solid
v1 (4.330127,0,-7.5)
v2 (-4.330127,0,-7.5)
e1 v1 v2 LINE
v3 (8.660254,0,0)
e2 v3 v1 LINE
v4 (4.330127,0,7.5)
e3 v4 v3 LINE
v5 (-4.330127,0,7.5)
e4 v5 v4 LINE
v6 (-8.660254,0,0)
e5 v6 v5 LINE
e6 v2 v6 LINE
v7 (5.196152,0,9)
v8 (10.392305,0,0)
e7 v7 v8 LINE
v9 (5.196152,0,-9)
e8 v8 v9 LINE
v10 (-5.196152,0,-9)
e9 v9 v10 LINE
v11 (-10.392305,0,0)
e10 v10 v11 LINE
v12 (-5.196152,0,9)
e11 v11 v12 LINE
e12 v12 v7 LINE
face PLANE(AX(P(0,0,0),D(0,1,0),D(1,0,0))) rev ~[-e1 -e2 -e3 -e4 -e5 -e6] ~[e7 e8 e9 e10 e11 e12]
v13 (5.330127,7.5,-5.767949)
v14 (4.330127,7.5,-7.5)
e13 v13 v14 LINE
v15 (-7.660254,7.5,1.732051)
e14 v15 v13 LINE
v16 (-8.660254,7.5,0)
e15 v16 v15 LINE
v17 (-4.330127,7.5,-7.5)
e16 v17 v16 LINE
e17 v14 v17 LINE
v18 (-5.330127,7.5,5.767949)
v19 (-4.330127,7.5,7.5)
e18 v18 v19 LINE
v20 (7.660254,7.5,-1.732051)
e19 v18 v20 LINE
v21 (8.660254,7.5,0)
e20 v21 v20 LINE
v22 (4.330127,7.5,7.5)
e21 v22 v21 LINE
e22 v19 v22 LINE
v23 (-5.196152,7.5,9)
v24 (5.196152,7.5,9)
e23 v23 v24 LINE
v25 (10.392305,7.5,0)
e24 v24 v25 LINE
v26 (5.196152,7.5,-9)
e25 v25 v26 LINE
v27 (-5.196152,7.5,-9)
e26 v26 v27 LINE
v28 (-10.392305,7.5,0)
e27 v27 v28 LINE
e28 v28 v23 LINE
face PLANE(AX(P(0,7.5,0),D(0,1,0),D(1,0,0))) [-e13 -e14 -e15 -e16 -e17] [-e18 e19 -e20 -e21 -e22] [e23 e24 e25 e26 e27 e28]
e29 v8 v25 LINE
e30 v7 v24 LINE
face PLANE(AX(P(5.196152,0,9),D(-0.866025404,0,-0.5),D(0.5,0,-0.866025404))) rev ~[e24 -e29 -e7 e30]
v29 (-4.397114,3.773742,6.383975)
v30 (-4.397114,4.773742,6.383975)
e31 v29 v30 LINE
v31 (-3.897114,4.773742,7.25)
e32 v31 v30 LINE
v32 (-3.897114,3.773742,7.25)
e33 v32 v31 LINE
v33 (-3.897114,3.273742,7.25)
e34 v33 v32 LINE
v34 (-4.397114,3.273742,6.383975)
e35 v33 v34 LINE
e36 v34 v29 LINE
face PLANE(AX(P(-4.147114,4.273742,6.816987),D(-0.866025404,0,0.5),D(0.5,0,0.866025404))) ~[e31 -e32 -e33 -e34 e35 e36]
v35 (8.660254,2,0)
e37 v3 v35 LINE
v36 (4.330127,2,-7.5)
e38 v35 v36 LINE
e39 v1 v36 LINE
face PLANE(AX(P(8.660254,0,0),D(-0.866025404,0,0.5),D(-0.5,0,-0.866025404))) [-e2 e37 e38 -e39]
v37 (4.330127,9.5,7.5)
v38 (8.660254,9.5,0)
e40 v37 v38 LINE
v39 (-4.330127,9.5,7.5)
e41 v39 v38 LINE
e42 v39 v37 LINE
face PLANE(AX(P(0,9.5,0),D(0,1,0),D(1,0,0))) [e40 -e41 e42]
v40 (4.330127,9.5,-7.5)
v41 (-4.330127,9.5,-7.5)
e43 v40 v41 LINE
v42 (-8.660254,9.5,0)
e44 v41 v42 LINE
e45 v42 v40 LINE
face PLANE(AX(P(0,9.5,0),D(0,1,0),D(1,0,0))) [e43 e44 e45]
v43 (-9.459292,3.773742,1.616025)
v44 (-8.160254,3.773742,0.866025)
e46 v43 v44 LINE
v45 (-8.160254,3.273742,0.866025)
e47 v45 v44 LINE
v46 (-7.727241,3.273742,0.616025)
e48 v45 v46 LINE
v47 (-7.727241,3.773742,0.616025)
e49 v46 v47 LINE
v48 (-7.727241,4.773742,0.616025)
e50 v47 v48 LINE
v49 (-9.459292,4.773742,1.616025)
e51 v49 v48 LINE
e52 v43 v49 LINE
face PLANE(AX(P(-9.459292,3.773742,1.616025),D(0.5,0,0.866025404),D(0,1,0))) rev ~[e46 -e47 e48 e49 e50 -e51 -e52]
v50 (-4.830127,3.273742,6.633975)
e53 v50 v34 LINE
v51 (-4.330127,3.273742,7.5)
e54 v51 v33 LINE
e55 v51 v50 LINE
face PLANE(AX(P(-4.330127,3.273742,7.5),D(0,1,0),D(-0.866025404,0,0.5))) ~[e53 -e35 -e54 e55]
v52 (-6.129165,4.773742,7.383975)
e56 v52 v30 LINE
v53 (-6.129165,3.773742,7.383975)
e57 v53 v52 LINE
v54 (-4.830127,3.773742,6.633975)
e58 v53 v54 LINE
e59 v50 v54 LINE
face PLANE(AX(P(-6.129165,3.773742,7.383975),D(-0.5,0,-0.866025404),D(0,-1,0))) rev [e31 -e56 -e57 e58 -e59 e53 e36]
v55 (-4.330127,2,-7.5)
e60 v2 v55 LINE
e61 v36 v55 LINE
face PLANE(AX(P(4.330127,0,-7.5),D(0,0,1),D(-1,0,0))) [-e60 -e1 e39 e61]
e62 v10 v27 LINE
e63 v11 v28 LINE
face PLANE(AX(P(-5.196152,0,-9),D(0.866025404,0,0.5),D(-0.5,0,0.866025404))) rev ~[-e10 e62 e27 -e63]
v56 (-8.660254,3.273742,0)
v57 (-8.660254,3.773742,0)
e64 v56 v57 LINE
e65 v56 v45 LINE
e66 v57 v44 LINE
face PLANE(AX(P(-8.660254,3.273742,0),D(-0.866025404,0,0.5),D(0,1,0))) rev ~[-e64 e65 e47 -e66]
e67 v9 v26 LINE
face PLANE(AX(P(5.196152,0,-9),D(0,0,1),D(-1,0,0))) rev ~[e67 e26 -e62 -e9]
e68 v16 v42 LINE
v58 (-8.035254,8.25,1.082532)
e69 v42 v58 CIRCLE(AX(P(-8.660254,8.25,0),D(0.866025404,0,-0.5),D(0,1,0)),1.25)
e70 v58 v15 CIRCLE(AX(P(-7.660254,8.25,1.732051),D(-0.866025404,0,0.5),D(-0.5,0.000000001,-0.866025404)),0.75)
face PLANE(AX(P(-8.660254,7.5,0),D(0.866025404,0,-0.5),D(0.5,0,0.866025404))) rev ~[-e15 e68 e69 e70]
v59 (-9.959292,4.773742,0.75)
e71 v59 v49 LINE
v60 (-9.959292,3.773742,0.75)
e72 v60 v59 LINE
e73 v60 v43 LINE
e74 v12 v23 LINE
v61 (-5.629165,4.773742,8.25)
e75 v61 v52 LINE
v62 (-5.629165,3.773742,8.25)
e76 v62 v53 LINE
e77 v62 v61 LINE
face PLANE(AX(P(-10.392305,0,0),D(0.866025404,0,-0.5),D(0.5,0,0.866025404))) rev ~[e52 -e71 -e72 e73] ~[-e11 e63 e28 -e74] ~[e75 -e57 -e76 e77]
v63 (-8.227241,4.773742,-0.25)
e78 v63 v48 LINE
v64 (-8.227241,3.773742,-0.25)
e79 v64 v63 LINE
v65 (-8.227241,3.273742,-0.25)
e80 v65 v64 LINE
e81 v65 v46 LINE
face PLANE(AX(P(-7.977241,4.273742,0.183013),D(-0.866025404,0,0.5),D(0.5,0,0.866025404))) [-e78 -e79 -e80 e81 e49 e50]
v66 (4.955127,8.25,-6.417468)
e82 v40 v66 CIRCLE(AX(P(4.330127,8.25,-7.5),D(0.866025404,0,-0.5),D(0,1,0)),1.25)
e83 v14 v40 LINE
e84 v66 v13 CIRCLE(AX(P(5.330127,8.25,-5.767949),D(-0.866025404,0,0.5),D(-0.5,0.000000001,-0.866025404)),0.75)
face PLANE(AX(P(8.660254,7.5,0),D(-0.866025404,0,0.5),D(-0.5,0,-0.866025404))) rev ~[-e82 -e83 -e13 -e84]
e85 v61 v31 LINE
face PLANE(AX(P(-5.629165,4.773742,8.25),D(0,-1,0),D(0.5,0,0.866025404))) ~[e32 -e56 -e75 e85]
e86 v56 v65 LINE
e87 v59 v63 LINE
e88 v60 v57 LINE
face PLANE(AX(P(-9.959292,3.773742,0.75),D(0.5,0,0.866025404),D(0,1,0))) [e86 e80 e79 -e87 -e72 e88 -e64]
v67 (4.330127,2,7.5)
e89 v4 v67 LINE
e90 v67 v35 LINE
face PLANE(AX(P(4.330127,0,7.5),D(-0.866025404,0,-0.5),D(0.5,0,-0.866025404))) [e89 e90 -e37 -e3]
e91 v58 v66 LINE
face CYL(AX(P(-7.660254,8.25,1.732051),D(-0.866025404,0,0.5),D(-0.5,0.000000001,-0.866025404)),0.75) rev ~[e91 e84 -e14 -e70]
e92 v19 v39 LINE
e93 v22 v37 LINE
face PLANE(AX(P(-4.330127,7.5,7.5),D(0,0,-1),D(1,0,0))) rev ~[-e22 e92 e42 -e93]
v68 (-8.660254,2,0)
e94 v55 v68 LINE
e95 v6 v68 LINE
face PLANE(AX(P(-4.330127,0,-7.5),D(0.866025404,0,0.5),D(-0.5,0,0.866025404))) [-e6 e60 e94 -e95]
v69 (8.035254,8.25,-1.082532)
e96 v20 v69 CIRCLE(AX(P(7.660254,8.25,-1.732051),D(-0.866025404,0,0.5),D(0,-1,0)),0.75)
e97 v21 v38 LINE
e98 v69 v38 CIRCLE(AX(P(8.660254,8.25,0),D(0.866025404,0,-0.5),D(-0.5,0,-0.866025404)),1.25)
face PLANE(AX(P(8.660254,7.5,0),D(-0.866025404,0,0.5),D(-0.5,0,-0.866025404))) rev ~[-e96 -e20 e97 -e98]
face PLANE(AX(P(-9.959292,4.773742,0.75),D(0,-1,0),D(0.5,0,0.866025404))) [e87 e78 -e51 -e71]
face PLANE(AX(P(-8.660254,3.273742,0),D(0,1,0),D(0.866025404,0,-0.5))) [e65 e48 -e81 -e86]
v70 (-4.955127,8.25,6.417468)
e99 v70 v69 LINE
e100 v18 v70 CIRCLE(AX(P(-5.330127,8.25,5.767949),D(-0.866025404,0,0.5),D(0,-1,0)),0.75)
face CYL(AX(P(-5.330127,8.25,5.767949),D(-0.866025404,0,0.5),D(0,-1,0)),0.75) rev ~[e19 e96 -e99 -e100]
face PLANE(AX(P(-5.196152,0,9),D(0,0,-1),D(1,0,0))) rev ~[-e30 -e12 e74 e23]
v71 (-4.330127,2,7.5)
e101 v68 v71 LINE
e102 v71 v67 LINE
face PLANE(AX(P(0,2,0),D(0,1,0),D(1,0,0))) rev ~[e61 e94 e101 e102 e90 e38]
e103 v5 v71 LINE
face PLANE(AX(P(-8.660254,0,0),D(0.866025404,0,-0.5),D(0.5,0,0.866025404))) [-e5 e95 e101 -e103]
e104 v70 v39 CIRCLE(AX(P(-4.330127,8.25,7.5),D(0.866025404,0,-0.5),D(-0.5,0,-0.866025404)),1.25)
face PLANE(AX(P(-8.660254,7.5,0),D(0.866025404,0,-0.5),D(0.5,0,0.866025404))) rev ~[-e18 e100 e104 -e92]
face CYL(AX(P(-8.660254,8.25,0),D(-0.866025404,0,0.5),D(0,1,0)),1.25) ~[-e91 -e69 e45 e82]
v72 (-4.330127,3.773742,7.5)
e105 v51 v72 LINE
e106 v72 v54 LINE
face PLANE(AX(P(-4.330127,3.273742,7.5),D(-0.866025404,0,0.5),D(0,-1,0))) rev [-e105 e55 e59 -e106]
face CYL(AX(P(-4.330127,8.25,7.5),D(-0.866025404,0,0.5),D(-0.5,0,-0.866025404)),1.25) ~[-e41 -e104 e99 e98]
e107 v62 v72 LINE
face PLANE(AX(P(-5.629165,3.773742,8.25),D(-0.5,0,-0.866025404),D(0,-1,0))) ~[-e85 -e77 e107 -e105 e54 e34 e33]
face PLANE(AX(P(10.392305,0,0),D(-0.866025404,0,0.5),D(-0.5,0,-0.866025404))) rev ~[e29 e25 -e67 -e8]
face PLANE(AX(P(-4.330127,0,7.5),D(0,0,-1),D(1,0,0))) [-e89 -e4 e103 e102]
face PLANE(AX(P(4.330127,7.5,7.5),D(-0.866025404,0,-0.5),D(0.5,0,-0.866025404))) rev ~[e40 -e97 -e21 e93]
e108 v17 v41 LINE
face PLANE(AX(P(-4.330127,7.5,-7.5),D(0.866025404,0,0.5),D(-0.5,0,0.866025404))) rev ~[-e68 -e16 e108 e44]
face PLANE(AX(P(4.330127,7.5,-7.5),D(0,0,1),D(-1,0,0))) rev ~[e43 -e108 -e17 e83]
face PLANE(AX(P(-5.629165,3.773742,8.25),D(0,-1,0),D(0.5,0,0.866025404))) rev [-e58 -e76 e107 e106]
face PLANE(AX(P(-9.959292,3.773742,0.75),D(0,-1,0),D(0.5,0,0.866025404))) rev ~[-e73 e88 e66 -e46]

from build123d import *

# Parameters (mm, degrees)
BOSS_EXTRUDE1_DEPTH = 7.5
CUT_EXTRUDE1_DEPTH  = 2
BOSS_EXTRUDE2_DEPTH = 2
CUT_EXTRUDE2_DEPTH  = 15
SKETCH6_W           = 1
SKETCH6_H           = 1
CUT_EXTRUDE3_DEPTH  = 2
SKETCH7_W           = 0.5
SKETCH7_H           = 0.5
CUT_EXTRUDE4_DEPTH  = 1


with BuildPart() as part:
    # Sketch1 → Boss-Extrude1 (new body)
    # profile 1 of 2: a face of its own
    with BuildSketch(Plane(origin=(0, 0, 0), x_dir=(1, 0, 0), z_dir=(0, 1, 0))):
        Polygon((-5.196152423, -9), (5.196152423, -9), (10.392304845, 0), (5.196152423, 9), (-5.196152423, 9), (-10.392304845, 0), align=None)
        Polygon((4.330127019, -7.5), (8.660254038, 0), (4.330127019, 7.5), (-4.330127019, 7.5), (-8.660254038, 0), (-4.330127019, -7.5), align=None, mode=Mode.SUBTRACT)
    # profile 2 of 2: a face of its own
    with BuildSketch(Plane(origin=(0, 0, 0), x_dir=(1, 0, 0), z_dir=(0, 1, 0))):
        Polygon((-4.330127019, -7.5), (4.330127019, -7.5), (8.660254038, 0), (4.330127019, 7.5), (-4.330127019, 7.5), (-8.660254038, 0), align=None)
    extrude(amount=BOSS_EXTRUDE1_DEPTH)

    # Sketch1<3> → Cut-Extrude1 (cut)
    with BuildSketch(Plane(origin=(0, 0, 0), x_dir=(1, 0, 0), z_dir=(0, 1, 0))):
        Polygon((-4.330127019, -7.5), (4.330127019, -7.5), (8.660254038, 0), (4.330127019, 7.5), (-4.330127019, 7.5), (-8.660254038, 0), align=None)
    extrude(amount=CUT_EXTRUDE1_DEPTH, mode=Mode.SUBTRACT)

    # Sketch4 → Boss-Extrude2 (add)
    with BuildSketch(Plane(origin=(0, 7.5, 0), x_dir=(1, 0, 0), z_dir=(0, 1, 0))):
        Polygon((8.660254038, 0), (4.330127019, 7.5), (-4.330127019, 7.5), (-8.660254038, 0), (-4.330127019, -7.5), (4.330127019, -7.5), align=None)
    extrude(amount=BOSS_EXTRUDE2_DEPTH)

    # Sketch5 → Cut-Extrude2 (cut)
    with BuildSketch(Plane(origin=(-6.495190528, 0, 3.75), x_dir=(0.5000000000000006, 0, 0.8660254037844384), z_dir=(-0.8660254037844384, 0, 0.5000000000000006))):
        with BuildLine():
            ThreePointArc((-3.080127019, 8.25), (-2.860457105, 7.719669914), (-2.330127019, 7.5))
            Line((-2.330127019, 7.5), (2.330127019, 7.5))
            ThreePointArc((2.330127019, 7.5), (2.860457105, 7.719669914), (3.080127019, 8.25))
            ThreePointArc((3.080127019, 8.25), (3.446243542, 9.133883476), (4.330127019, 9.5))
            Line((4.330127019, 9.5), (-4.330127019, 9.5))
            ThreePointArc((-4.330127019, 9.5), (-3.446243542, 9.133883476), (-3.080127019, 8.25))
        make_face()
    extrude(amount=-CUT_EXTRUDE2_DEPTH, mode=Mode.SUBTRACT)

    # Sketch6 → Cut-Extrude3 (cut)
    with BuildSketch(Plane(origin=(-7.794228634, 0, 4.5), x_dir=(0.5000000000000071, 0, 0.8660254037844346), z_dir=(-0.8660254037844345, 0, 0.500000000000007))):
        with Locations((-3.830127019, 4.273741672)):
            Rectangle(SKETCH6_W, SKETCH6_H)
    cut_extrude3 = extrude(amount=-CUT_EXTRUDE3_DEPTH, mode=Mode.SUBTRACT)

    # Sketch7 → Cut-Extrude4 (cut)
    with BuildSketch(Plane(origin=(-2.165063509, 0, -3.75), x_dir=(0.8660254037844346, 0, -0.5000000000000071), z_dir=(0.5000000000000071, 0, 0.8660254037844346))):
        with Locations((-7.25, 3.523741672)):
            Rectangle(SKETCH7_W, SKETCH7_H)
    cut_extrude4 = extrude(amount=CUT_EXTRUDE4_DEPTH, mode=Mode.SUBTRACT)

    # Mirror1: Cut-Extrude3, Cut-Extrude4 across plane
    add(cut_extrude3.mirror(Plane(origin=(0, 0, 0), x_dir=(-0.8660254037844349, 0, 0.5000000000000067), z_dir=(-0.500000000000007, 0, -0.8660254037844347))), mode=Mode.SUBTRACT)
    add(cut_extrude4.mirror(Plane(origin=(0, 0, 0), x_dir=(-0.8660254037844349, 0, 0.5000000000000067), z_dir=(-0.500000000000007, 0, -0.8660254037844347))), mode=Mode.SUBTRACT)


solid = part.part
